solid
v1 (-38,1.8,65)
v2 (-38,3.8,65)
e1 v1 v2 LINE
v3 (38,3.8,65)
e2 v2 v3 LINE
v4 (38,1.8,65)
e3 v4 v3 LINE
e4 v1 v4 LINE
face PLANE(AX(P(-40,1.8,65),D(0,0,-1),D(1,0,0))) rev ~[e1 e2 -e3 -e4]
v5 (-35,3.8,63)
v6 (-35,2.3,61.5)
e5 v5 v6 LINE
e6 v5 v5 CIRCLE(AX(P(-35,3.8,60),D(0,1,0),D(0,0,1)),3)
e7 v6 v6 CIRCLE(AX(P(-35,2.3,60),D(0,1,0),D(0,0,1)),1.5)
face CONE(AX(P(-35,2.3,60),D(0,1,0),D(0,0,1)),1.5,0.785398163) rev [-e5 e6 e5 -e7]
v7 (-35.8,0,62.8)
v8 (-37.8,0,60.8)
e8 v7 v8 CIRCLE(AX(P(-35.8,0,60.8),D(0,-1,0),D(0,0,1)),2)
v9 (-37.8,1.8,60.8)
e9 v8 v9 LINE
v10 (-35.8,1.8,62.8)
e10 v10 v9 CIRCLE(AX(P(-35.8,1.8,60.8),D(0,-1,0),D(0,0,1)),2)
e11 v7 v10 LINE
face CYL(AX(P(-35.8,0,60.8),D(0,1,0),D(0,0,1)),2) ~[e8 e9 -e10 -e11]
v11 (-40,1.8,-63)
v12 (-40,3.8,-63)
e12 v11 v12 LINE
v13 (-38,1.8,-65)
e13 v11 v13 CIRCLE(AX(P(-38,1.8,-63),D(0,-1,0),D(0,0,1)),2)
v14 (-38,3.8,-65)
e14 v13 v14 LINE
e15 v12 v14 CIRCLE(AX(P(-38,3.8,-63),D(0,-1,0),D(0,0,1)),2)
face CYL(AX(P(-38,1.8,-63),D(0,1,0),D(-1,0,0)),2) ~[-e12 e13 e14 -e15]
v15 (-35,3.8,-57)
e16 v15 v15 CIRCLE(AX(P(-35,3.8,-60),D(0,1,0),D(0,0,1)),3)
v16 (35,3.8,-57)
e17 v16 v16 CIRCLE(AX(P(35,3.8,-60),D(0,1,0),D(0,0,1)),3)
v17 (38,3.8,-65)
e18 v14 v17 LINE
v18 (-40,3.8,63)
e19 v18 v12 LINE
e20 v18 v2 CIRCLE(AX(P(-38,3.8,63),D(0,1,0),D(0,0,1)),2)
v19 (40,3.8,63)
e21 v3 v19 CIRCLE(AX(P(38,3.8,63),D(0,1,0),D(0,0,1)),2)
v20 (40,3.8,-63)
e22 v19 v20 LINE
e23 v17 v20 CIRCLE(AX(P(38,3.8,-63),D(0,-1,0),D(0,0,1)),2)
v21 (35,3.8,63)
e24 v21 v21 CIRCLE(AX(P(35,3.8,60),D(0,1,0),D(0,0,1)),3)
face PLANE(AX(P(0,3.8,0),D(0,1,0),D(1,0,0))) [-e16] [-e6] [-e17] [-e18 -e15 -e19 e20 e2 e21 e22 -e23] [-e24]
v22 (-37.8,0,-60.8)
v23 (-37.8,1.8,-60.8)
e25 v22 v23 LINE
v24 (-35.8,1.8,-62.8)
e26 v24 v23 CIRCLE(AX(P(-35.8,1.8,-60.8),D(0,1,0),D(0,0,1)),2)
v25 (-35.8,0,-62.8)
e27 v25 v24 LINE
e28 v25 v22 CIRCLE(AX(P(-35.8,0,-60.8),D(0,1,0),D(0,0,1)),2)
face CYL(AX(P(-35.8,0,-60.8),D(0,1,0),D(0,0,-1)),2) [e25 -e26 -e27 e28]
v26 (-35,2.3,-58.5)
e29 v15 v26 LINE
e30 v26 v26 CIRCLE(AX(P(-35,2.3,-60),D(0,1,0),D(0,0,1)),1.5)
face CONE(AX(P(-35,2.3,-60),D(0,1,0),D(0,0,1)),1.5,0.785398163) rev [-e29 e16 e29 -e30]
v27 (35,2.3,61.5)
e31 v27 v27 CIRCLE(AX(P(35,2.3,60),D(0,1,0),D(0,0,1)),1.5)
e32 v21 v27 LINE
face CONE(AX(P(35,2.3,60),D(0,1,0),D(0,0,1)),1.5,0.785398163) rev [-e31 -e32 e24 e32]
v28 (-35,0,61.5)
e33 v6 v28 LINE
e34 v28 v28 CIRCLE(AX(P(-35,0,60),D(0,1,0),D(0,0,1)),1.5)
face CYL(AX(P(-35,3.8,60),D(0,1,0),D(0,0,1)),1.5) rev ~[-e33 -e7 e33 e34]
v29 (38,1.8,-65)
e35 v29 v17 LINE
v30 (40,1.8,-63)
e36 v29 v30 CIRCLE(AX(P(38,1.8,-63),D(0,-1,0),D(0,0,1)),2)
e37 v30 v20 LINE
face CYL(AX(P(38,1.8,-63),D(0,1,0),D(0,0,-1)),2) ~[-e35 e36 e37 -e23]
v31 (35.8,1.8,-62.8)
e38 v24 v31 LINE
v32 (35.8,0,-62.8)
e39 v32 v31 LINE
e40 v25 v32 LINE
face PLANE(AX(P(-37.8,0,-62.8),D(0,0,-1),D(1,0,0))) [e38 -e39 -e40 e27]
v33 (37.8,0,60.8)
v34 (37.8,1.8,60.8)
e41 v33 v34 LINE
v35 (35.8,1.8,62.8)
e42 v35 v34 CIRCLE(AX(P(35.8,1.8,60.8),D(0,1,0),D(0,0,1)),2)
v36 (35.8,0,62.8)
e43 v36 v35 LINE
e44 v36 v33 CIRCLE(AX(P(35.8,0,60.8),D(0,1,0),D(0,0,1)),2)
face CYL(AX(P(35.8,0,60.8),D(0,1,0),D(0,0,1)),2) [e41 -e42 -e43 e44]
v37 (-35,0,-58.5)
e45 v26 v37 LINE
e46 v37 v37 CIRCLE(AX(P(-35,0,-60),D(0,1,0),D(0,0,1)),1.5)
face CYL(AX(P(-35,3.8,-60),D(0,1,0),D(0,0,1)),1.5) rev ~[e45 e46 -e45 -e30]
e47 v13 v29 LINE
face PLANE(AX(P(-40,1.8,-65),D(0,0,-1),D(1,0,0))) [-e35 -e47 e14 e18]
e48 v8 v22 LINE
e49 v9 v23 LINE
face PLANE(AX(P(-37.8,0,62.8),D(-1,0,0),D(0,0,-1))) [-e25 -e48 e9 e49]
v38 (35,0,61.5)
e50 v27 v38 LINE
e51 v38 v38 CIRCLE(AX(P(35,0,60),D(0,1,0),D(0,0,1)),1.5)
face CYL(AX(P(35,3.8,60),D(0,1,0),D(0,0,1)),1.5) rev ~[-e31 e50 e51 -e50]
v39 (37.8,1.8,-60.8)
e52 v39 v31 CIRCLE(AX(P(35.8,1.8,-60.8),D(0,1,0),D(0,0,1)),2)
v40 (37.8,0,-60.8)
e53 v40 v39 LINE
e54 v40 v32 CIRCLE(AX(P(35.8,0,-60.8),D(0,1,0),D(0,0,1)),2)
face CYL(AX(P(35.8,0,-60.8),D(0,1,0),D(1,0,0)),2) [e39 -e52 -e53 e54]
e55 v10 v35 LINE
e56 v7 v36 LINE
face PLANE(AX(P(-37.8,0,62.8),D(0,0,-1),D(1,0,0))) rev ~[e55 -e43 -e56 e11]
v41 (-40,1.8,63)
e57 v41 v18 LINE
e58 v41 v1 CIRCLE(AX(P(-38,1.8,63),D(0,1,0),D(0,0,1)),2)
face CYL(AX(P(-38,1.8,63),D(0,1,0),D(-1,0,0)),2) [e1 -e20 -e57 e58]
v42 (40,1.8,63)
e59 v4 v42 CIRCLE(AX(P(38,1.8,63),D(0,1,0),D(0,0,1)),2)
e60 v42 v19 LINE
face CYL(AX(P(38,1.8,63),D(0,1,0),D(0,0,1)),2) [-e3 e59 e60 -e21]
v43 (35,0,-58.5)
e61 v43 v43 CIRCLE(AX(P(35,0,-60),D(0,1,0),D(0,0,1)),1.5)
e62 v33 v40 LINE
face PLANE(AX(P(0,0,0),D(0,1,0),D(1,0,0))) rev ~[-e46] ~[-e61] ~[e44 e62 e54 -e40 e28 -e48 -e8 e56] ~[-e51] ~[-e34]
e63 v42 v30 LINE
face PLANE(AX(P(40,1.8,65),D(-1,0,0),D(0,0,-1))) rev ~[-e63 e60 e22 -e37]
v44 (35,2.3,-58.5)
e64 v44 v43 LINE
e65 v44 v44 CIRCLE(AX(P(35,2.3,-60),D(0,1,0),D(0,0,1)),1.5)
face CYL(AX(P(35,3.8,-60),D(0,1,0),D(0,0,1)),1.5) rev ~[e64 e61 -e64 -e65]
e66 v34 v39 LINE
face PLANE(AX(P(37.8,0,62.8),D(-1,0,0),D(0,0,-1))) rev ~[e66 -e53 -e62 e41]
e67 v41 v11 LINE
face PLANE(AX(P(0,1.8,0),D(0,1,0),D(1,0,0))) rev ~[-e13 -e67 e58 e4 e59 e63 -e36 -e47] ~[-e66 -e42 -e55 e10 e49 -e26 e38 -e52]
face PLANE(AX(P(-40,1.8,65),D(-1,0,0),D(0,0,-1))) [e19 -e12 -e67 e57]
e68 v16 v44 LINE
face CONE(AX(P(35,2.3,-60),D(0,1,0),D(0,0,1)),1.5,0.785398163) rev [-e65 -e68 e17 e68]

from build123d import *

# Parameters (mm, degrees)
SKETCH1_W           = 75.6
SKETCH1_H           = 125.6
BOSS_EXTRUDE1_DEPTH = 1.8
SKETCH2_W           = 80
SKETCH2_H           = 130
BOSS_EXTRUDE2_DEPTH = 2
SKETCH3_R           = 1.5
CUT_EXTRUDE1_DEPTH  = 77.416228643
CHAMFER1_SIZE       = 1.5
FILLET1_R           = 2


with BuildPart() as part:
    # Sketch1 → Boss-Extrude1 (new body)
    with BuildSketch(Plane(origin=(0, 0, 0), x_dir=(1, 0, 0), z_dir=(0, 1, 0))):
        Rectangle(SKETCH1_W, SKETCH1_H)
    extrude(amount=BOSS_EXTRUDE1_DEPTH)

    # Sketch2 → Boss-Extrude2 (add)
    with BuildSketch(Plane(origin=(0, 1.8, 0), x_dir=(1, 0, 0), z_dir=(0, 1, 0))):
        Rectangle(SKETCH2_W, SKETCH2_H)
    extrude(amount=BOSS_EXTRUDE2_DEPTH)

    # Sketch3 → Cut-Extrude1 (cut, through all)
    with BuildSketch(Plane(origin=(0, 3.8, 0), x_dir=(1, 0, 0), z_dir=(0, 1, 0))):
        with Locations(Location((-35, 60, 0), (0, 0, 270))):
            Circle(SKETCH3_R)
        with Locations(Location((35, 60, 0), (0, 0, 270))):
            Circle(SKETCH3_R)
        with Locations(Location((35, -60, 0), (0, 0, 270))):
            Circle(SKETCH3_R)
        with Locations(Location((-35, -60, 0), (0, 0, 270))):
            Circle(SKETCH3_R)
    extrude(amount=-CUT_EXTRUDE1_DEPTH, mode=Mode.SUBTRACT)

    # Chamfer1
    chamfer1_edges = [part.edges().sort_by_distance(p)[0] for p in [
        (-35, 3.8, 58.5),
        (35, 3.8, 58.5),
        (35, 3.8, -61.5),
        (-35, 3.8, -61.5),
    ]]
    chamfer(chamfer1_edges, length=CHAMFER1_SIZE)

    # Fillet1
    fillet1_edges = [part.edges().sort_by_distance(p)[0] for p in [
        (40, 2.8, 65),
        (40, 2.8, -65),
        (-40, 2.8, -65),
        (-40, 2.8, 65),
        (37.8, 0.9, 62.8),
        (-37.8, 0.9, 62.8),
        (-37.8, 0.9, -62.8),
        (37.8, 0.9, -62.8),
    ]]
    fillet(fillet1_edges, radius=FILLET1_R)


solid = part.part
